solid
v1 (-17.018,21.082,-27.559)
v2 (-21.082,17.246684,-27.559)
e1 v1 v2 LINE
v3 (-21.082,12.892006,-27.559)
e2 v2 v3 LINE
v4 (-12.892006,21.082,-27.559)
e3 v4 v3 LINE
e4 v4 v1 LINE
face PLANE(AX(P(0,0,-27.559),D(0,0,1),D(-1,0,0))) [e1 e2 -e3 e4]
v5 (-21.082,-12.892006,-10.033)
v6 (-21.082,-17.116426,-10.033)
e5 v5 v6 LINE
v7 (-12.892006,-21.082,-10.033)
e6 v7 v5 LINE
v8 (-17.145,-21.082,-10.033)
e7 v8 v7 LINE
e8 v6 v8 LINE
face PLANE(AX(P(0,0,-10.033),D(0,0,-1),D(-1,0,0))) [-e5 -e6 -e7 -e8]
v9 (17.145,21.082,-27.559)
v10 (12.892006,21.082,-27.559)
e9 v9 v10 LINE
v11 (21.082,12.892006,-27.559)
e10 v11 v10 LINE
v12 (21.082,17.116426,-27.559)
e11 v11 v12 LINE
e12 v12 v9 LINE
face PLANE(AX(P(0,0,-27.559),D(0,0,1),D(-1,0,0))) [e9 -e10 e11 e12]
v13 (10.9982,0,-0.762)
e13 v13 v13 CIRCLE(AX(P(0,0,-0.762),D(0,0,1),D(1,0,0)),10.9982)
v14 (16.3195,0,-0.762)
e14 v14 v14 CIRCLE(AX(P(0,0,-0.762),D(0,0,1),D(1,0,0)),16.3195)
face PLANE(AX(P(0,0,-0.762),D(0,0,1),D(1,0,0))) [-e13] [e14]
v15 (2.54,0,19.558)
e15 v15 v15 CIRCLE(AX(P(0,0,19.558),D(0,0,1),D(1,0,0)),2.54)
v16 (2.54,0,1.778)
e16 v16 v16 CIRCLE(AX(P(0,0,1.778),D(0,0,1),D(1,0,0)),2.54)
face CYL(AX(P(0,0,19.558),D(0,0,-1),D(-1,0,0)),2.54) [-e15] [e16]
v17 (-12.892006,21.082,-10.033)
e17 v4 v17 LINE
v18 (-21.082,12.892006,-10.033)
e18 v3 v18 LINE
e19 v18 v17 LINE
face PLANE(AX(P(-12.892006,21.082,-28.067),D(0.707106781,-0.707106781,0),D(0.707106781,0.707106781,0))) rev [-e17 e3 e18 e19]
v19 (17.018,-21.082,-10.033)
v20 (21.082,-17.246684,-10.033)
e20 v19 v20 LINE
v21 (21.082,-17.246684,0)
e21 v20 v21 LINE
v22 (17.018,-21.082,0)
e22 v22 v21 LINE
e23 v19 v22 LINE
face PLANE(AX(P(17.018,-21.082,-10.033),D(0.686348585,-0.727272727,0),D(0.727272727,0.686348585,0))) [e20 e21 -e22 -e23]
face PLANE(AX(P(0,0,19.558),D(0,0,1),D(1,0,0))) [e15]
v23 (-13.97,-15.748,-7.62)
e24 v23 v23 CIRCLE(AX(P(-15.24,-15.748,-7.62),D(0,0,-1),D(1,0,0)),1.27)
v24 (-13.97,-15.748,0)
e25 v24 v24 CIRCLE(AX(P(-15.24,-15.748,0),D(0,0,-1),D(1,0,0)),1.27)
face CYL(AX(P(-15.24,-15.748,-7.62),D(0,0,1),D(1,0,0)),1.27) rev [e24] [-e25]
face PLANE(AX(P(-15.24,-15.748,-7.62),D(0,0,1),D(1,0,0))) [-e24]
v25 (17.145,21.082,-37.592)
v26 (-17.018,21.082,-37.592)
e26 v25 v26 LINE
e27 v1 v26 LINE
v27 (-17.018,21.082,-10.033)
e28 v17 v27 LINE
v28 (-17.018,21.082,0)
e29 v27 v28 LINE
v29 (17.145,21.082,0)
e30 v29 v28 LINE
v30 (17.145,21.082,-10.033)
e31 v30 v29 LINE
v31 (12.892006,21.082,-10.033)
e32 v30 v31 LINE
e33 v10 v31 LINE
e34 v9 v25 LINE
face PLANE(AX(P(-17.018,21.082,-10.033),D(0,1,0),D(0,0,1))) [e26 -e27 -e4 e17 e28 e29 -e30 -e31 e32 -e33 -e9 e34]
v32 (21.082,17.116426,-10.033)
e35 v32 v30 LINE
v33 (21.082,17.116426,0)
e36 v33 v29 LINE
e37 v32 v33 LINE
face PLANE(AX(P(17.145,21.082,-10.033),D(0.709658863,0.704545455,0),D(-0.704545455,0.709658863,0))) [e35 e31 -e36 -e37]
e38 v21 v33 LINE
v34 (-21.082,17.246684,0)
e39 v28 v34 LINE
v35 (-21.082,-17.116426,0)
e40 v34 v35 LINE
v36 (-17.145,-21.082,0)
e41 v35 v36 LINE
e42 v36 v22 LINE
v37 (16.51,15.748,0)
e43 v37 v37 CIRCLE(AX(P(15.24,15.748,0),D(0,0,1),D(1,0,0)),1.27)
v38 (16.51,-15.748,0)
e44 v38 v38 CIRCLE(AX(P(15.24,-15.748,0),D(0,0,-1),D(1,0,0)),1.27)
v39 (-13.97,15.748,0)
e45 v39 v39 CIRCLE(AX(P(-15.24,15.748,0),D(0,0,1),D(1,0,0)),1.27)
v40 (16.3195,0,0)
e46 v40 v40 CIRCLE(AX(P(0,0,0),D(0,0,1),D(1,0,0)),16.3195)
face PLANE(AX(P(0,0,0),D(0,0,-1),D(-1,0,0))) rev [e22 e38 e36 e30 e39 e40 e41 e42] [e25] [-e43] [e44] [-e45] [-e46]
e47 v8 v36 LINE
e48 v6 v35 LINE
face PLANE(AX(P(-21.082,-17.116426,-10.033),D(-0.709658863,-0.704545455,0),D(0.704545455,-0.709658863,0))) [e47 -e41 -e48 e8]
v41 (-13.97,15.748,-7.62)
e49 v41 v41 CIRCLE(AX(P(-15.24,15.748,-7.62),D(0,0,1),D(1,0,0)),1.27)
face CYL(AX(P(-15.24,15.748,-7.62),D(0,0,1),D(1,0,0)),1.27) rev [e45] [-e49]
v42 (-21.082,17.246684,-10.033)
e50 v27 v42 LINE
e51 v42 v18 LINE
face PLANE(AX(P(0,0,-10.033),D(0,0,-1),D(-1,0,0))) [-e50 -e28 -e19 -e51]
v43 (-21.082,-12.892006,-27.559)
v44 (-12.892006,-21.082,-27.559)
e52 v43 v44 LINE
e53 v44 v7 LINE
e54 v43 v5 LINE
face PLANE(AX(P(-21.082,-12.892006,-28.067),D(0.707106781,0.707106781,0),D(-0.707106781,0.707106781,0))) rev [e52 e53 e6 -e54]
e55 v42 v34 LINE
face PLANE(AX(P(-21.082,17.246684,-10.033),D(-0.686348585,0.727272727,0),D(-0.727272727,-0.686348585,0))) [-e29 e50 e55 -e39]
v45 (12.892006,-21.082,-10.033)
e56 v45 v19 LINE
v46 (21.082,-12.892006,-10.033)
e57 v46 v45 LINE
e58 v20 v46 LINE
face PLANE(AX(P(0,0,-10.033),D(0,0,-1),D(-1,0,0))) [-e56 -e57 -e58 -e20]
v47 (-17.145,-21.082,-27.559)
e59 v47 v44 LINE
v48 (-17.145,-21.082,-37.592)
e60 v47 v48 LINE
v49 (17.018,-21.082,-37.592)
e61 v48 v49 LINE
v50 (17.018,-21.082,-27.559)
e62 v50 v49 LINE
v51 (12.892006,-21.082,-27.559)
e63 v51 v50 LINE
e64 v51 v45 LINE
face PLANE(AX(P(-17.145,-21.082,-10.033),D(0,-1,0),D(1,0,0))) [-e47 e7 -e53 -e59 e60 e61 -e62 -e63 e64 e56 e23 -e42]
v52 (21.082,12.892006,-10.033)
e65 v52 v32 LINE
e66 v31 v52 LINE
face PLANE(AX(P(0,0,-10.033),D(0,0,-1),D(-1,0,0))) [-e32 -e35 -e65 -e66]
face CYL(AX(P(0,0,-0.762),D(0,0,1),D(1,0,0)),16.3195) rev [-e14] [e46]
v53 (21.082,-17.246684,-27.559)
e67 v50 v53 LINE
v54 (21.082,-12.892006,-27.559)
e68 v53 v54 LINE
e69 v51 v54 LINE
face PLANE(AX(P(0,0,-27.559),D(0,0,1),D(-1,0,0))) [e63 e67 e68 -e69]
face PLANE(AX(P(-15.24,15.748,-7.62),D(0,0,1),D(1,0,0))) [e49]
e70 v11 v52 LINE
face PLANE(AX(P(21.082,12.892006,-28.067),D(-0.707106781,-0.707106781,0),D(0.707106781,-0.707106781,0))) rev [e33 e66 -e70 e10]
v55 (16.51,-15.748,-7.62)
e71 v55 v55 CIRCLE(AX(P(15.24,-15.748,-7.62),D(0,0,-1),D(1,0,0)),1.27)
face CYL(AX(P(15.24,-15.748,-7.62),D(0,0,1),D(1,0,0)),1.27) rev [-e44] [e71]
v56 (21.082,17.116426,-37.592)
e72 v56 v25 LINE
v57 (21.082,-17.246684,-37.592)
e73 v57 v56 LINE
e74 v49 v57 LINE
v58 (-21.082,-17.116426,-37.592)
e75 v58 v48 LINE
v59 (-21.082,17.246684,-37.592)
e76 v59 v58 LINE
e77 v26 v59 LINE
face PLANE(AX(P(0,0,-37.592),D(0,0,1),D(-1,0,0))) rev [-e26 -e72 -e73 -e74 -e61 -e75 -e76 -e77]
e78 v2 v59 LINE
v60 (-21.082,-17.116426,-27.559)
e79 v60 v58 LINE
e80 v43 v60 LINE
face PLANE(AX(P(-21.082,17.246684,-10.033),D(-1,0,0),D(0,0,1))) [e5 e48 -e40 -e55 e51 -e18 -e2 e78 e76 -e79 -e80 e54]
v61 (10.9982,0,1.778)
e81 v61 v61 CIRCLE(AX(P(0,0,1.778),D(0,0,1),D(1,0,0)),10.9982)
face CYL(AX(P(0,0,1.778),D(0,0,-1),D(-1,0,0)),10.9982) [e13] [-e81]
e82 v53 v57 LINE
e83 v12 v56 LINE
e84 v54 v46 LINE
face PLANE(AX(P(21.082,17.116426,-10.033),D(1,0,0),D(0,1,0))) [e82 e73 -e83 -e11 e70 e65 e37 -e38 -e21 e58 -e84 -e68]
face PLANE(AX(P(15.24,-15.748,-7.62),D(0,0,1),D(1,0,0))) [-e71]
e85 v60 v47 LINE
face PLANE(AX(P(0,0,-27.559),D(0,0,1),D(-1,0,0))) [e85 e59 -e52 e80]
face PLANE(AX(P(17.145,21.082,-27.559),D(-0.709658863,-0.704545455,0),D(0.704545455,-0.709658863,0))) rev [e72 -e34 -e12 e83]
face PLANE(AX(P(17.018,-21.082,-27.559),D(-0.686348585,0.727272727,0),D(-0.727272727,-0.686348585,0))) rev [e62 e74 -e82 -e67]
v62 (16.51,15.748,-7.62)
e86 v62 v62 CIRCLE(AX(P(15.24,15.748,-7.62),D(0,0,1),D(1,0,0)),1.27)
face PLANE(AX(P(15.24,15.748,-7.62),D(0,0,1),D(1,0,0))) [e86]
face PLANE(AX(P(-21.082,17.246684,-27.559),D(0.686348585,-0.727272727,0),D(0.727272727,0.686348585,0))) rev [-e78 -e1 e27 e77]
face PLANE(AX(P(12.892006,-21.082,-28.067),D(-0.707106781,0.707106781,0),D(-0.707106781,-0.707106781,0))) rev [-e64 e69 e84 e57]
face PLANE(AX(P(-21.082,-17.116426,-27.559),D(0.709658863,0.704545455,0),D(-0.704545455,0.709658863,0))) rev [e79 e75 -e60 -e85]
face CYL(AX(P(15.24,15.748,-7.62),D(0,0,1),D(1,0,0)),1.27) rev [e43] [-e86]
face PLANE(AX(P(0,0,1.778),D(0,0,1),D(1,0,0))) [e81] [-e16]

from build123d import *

# Parameters (mm, degrees)
BOSS_EXTRUDE1_DEPTH = 10.033
BOSS_EXTRUDE2_DEPTH = 18.034
SKETCH3_R           = 16.3195
CUT_EXTRUDE1_DEPTH  = 0.762
SKETCH4_R           = 10.9982
BOSS_EXTRUDE3_DEPTH = 2.54
SKETCH5_R           = 2.54
BOSS_EXTRUDE4_DEPTH = 17.78
SKETCH6_R           = 1.27
CUT_EXTRUDE2_DEPTH  = 7.62


with BuildPart() as part:
    # Sketch1 → Boss-Extrude1 (new body)
    with BuildSketch(Plane.XY):
        Polygon((-21.082, 17.246684107), (-17.018, 21.082), (17.145, 21.082), (21.082, 17.116426271), (21.082, -17.246684107), (17.018, -21.082), (-17.145, -21.082), (-21.082, -17.116426271), align=None)
    boss_extrude1 = extrude(amount=-BOSS_EXTRUDE1_DEPTH)

    # Sketch2 → Boss-Extrude2 (add)
    with BuildSketch(Plane(origin=(0, 0, -10.033), x_dir=(-1, 0, 0), z_dir=(0, 0, -1))):
        Polygon((-21.082, 12.892006418), (-12.892006418, 21.082), (12.892006418, 21.082), (21.082, 12.892006418), (21.082, -12.892006418), (12.892006418, -21.082), (-12.892006418, -21.082), (-21.082, -12.892006418), align=None)
    extrude(amount=BOSS_EXTRUDE2_DEPTH)

    # Mirror2: Boss-Extrude1 across plane
    add(boss_extrude1.mirror(Plane.XY.offset(-18.796)))

    # Sketch3 → Cut-Extrude1 (cut)
    with BuildSketch(Plane.XY):
        Circle(SKETCH3_R)
    extrude(amount=-CUT_EXTRUDE1_DEPTH, mode=Mode.SUBTRACT)

    # Sketch4 → Boss-Extrude3 (add)
    with BuildSketch(Plane.XY.offset(-0.762)):
        Circle(SKETCH4_R)
    extrude(amount=BOSS_EXTRUDE3_DEPTH)

    # Sketch5 → Boss-Extrude4 (add)
    with BuildSketch(Plane.XY.offset(1.778)):
        Circle(SKETCH5_R)
    extrude(amount=BOSS_EXTRUDE4_DEPTH)

    # Sketch6 → Cut-Extrude2 (cut)
    with BuildSketch(Plane.XY):
        with Locations((-15.24, 15.748)):
            Circle(SKETCH6_R)
        with Locations((15.24, 15.748)):
            Circle(SKETCH6_R)
    cut_extrude2 = extrude(amount=-CUT_EXTRUDE2_DEPTH, mode=Mode.SUBTRACT)

    # Mirror3: Cut-Extrude2 across plane
    add(cut_extrude2.mirror(Plane.ZX), mode=Mode.SUBTRACT)


solid = part.part
